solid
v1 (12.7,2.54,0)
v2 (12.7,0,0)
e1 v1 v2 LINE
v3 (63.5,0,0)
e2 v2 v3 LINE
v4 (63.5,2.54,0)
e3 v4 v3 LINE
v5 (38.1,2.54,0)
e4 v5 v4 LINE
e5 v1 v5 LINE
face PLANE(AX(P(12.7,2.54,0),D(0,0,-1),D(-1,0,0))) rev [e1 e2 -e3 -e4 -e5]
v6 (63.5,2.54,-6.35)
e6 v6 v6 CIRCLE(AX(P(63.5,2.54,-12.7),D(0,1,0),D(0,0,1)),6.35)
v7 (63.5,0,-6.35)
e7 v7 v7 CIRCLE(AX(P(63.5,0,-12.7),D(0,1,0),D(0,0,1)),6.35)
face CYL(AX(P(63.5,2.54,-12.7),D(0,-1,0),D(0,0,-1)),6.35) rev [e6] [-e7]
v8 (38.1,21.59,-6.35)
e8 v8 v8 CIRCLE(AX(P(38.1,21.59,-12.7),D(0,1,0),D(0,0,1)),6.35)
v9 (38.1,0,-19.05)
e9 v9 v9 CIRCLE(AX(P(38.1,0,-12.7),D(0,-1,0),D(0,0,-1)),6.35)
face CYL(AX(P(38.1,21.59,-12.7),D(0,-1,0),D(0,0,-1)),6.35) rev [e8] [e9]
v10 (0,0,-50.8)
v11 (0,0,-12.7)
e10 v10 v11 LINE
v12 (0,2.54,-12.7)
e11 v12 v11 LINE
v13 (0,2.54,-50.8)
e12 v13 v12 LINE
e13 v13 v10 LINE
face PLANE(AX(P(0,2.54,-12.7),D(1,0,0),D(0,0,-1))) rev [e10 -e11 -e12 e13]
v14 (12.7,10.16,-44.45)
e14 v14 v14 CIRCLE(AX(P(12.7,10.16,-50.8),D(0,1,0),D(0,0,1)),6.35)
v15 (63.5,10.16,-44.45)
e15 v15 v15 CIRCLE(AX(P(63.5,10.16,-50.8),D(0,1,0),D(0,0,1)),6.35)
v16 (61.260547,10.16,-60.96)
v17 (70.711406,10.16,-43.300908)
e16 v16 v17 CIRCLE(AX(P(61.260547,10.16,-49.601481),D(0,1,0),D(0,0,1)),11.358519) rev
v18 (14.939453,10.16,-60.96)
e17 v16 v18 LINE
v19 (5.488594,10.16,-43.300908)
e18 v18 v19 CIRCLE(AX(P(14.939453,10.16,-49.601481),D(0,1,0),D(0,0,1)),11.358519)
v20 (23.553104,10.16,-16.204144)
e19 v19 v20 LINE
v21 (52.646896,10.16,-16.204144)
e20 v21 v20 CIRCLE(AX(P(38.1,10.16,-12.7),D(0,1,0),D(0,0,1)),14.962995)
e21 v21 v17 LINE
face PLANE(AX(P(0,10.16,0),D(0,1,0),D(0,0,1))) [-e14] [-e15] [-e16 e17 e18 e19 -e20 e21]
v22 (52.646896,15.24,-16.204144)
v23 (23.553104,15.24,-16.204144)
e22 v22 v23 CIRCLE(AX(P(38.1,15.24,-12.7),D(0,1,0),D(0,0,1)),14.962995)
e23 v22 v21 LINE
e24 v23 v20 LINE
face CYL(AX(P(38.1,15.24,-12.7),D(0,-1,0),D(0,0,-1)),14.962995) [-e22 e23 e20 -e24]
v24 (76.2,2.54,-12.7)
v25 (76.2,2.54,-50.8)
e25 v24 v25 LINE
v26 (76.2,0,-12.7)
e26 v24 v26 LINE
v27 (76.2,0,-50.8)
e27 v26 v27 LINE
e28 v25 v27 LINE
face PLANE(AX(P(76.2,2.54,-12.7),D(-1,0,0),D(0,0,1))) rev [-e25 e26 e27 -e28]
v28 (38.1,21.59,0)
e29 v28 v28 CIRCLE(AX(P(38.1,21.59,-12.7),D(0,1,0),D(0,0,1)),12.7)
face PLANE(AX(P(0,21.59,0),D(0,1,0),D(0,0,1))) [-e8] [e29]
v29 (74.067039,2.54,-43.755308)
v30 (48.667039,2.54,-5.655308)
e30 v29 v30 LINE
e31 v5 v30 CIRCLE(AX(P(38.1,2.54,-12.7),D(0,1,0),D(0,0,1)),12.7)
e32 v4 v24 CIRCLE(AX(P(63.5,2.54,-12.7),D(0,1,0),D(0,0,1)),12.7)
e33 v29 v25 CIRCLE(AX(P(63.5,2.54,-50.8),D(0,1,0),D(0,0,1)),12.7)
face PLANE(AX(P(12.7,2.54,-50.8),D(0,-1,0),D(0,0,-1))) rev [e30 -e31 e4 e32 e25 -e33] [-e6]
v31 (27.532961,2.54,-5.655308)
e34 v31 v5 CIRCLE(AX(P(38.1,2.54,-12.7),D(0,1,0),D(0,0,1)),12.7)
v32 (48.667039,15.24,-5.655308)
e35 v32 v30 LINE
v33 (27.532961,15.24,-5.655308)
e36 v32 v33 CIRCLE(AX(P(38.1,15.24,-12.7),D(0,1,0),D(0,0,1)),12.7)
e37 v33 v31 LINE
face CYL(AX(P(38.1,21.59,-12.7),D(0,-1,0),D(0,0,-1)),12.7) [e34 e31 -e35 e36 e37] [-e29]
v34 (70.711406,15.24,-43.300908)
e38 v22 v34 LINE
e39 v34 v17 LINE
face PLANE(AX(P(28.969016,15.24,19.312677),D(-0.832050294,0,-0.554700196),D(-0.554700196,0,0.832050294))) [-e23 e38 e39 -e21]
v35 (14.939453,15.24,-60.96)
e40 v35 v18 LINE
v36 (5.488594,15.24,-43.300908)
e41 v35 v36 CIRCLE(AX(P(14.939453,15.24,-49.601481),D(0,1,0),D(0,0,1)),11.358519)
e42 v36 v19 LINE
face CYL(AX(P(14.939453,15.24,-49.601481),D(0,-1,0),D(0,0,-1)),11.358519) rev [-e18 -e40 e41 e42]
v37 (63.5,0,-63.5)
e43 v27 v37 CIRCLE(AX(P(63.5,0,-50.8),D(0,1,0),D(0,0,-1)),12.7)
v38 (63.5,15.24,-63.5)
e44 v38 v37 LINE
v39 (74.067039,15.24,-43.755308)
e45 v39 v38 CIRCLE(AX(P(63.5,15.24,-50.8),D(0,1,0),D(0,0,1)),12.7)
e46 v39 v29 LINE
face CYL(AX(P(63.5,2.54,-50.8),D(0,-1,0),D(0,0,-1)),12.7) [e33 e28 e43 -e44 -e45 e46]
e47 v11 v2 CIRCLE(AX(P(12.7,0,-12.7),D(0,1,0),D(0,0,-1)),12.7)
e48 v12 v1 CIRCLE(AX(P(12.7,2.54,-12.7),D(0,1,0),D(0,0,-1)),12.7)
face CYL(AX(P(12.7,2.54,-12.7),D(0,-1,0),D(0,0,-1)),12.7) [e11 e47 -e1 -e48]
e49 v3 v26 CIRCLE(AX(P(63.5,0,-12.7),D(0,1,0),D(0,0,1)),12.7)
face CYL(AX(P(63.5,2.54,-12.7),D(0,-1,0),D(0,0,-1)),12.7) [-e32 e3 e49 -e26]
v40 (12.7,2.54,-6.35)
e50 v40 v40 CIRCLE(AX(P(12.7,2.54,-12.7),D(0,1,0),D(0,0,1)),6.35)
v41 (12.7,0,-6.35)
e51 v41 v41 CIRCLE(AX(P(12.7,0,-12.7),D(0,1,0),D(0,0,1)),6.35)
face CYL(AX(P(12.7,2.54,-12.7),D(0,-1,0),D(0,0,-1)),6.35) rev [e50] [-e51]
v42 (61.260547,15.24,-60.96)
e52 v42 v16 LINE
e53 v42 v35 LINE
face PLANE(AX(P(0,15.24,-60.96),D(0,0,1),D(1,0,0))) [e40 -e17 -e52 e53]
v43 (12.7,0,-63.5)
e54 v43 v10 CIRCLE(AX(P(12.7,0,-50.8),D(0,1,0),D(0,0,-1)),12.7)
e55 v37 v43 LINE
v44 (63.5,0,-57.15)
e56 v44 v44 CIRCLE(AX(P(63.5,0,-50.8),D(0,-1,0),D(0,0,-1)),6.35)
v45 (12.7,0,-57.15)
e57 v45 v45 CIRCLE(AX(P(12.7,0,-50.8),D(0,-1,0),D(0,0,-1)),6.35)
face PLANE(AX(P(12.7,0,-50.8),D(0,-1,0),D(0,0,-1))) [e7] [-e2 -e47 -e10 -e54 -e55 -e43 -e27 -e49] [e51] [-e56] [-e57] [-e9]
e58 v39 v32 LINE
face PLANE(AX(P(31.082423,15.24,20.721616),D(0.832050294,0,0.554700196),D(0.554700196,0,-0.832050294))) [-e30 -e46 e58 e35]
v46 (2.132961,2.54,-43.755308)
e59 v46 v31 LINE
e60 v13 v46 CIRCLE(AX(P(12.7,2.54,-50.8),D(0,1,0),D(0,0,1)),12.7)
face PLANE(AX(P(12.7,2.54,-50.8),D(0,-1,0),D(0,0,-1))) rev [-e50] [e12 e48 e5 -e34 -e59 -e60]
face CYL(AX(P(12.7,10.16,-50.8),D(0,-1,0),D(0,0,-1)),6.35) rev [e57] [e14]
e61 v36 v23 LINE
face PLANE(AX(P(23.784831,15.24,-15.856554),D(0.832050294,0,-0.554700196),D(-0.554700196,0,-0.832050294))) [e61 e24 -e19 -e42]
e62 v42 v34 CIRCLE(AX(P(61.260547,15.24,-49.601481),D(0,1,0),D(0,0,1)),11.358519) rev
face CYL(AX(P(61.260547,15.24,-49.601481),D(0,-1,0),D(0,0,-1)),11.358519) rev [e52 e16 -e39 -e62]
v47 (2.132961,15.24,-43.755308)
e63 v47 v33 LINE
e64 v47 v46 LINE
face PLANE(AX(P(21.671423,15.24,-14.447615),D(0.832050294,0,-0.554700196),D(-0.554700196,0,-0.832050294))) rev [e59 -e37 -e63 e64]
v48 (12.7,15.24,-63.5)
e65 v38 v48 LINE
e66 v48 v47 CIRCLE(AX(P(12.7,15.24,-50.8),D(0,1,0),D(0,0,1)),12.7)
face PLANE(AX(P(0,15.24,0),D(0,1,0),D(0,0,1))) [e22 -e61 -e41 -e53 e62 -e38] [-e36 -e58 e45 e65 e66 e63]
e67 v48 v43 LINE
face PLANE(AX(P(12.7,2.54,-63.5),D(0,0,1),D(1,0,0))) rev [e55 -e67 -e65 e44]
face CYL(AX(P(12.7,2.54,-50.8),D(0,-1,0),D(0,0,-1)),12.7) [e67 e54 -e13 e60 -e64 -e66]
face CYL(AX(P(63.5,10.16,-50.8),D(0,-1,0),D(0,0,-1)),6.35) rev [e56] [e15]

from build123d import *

# Parameters (mm, degrees)
SKETCH1_R           = 6.35
BOSS_EXTRUDE1_DEPTH = 2.54
BOSS_EXTRUDE2_DEPTH = 12.7
SKETCH2_3_R         = 6.35
BOSS_EXTRUDE3_DEPTH = 19.05
SKETCH2_5_R         = 6.35
BOSS_EXTRUDE4_DEPTH = 7.62
CUT_EXTRUDE1_START  = -7.62
SKETCH5_R           = 6.35
CUT_EXTRUDE1_DEPTH  = 7.62


with BuildPart() as part:
    # Sketch1 → Boss-Extrude1 (new body)
    with BuildSketch(Plane(origin=(0, 0, 0), x_dir=(1, 0, 0), z_dir=(0, 1, 0))):
        with BuildLine():
            Line((12.7, 0), (63.5, 0))
            ThreePointArc((63.5, 0), (72.480256121, 3.719743879), (76.2, 12.7))
            Line((76.2, 12.7), (76.2, 50.8))
            ThreePointArc((76.2, 50.8), (72.480256121, 59.780256121), (63.5, 63.5))
            Line((63.5, 63.5), (12.7, 63.5))
            ThreePointArc((12.7, 63.5), (3.719743879, 59.780256121), (0, 50.8))
            Line((0, 50.8), (0, 12.7))
            ThreePointArc((0, 12.7), (3.719743879, 3.719743879), (12.7, 0))
        make_face()
        with Locations((12.7, 12.7)):
            Circle(SKETCH1_R, mode=Mode.SUBTRACT)
        with Locations((63.5, 12.7)):
            Circle(SKETCH1_R, mode=Mode.SUBTRACT)
    extrude(amount=BOSS_EXTRUDE1_DEPTH)

    # Sketch2 → Boss-Extrude2 (add)
    with BuildSketch(Plane(origin=(0, 2.54, 0), x_dir=(1, 0, 0), z_dir=(0, 1, 0))):
        with BuildLine():
            Line((63.5, 63.5), (12.7, 63.5))
            ThreePointArc((12.7, 63.5), (3.719743879, 59.780256121), (0, 50.8))
            ThreePointArc((0, 50.8), (0.544931264, 47.119741312), (2.132961262, 43.755307508))
            Line((2.132961262, 43.755307508), (27.532961262, 5.655307508))
            ThreePointArc((27.532961262, 5.655307508), (34.419741312, 24.855068736), (50.8, 12.7))
            ThreePointArc((50.8, 12.7), (50.255068736, 9.019741312), (48.667038738, 5.655307508))
            Line((48.667038738, 5.655307508), (74.067038738, 43.755307508))
            ThreePointArc((74.067038738, 43.755307508), (75.655068736, 47.119741312), (76.2, 50.8))
            ThreePointArc((76.2, 50.8), (72.480256121, 59.780256121), (63.5, 63.5))
        make_face()
        with BuildLine():
            Line((23.553103988, 16.204143539), (5.488594295, 43.300908078))
            ThreePointArc((5.488594295, 43.300908078), (4.924935684, 54.961088143), (14.939453481, 60.96))
            Line((14.939453481, 60.96), (61.260546519, 60.96))
            ThreePointArc((61.260546519, 60.96), (71.275064316, 54.961088143), (70.711405705, 43.300908078))
            Line((70.711405705, 43.300908078), (52.646896012, 16.204143539))
            ThreePointArc((52.646896012, 16.204143539), (38.1, 27.662994537), (23.553103988, 16.204143539))
        make_face(mode=Mode.SUBTRACT)
    extrude(amount=BOSS_EXTRUDE2_DEPTH)

    # Sketch2<3> → Boss-Extrude3 (add)
    with BuildSketch(Plane(origin=(0, 2.54, 0), x_dir=(1, 0, 0), z_dir=(0, 1, 0))):
        with BuildLine():
            ThreePointArc((50.8, 12.7), (34.419741312, 24.855068736), (27.532961262, 5.655307508))
            ThreePointArc((27.532961262, 5.655307508), (38.1, 0), (48.667038738, 5.655307508))
            ThreePointArc((48.667038738, 5.655307508), (50.255068736, 9.019741312), (50.8, 12.7))
        make_face()
        with Locations((38.1, 12.7)):
            Circle(SKETCH2_3_R, mode=Mode.SUBTRACT)
    extrude(amount=BOSS_EXTRUDE3_DEPTH)

    # Sketch2<5> → Boss-Extrude4 (add)
    with BuildSketch(Plane(origin=(0, 2.54, 0), x_dir=(1, 0, 0), z_dir=(0, 1, 0))):
        with BuildLine():
            ThreePointArc((14.939453481, 60.96), (4.924935684, 54.961088143), (5.488594295, 43.300908078))
            Line((5.488594295, 43.300908078), (23.553103988, 16.204143539))
            ThreePointArc((23.553103988, 16.204143539), (38.1, 27.662994537), (52.646896012, 16.204143539))
            Line((52.646896012, 16.204143539), (70.711405705, 43.300908078))
            ThreePointArc((70.711405705, 43.300908078), (71.275064316, 54.961088143), (61.260546519, 60.96))
            Line((61.260546519, 60.96), (14.939453481, 60.96))
        make_face()
        with Locations((12.7, 50.8)):
            Circle(SKETCH2_5_R, mode=Mode.SUBTRACT)
        with Locations((63.5, 50.8)):
            Circle(SKETCH2_5_R, mode=Mode.SUBTRACT)
    extrude(amount=BOSS_EXTRUDE4_DEPTH)

    # Sketch5 → Cut-Extrude1 (cut)
    with BuildSketch(Plane(origin=(0, 2.54, 0), x_dir=(1, 0, 0), z_dir=(0, 1, 0)).offset(CUT_EXTRUDE1_START)):
        with Locations((12.7, 50.8)):
            Circle(SKETCH5_R)
        with Locations((63.5, 50.8)):
            Circle(SKETCH5_R)
        with Locations((38.1, 12.7)):
            Circle(SKETCH5_R)
    extrude(amount=CUT_EXTRUDE1_DEPTH, mode=Mode.SUBTRACT)


solid = part.part
